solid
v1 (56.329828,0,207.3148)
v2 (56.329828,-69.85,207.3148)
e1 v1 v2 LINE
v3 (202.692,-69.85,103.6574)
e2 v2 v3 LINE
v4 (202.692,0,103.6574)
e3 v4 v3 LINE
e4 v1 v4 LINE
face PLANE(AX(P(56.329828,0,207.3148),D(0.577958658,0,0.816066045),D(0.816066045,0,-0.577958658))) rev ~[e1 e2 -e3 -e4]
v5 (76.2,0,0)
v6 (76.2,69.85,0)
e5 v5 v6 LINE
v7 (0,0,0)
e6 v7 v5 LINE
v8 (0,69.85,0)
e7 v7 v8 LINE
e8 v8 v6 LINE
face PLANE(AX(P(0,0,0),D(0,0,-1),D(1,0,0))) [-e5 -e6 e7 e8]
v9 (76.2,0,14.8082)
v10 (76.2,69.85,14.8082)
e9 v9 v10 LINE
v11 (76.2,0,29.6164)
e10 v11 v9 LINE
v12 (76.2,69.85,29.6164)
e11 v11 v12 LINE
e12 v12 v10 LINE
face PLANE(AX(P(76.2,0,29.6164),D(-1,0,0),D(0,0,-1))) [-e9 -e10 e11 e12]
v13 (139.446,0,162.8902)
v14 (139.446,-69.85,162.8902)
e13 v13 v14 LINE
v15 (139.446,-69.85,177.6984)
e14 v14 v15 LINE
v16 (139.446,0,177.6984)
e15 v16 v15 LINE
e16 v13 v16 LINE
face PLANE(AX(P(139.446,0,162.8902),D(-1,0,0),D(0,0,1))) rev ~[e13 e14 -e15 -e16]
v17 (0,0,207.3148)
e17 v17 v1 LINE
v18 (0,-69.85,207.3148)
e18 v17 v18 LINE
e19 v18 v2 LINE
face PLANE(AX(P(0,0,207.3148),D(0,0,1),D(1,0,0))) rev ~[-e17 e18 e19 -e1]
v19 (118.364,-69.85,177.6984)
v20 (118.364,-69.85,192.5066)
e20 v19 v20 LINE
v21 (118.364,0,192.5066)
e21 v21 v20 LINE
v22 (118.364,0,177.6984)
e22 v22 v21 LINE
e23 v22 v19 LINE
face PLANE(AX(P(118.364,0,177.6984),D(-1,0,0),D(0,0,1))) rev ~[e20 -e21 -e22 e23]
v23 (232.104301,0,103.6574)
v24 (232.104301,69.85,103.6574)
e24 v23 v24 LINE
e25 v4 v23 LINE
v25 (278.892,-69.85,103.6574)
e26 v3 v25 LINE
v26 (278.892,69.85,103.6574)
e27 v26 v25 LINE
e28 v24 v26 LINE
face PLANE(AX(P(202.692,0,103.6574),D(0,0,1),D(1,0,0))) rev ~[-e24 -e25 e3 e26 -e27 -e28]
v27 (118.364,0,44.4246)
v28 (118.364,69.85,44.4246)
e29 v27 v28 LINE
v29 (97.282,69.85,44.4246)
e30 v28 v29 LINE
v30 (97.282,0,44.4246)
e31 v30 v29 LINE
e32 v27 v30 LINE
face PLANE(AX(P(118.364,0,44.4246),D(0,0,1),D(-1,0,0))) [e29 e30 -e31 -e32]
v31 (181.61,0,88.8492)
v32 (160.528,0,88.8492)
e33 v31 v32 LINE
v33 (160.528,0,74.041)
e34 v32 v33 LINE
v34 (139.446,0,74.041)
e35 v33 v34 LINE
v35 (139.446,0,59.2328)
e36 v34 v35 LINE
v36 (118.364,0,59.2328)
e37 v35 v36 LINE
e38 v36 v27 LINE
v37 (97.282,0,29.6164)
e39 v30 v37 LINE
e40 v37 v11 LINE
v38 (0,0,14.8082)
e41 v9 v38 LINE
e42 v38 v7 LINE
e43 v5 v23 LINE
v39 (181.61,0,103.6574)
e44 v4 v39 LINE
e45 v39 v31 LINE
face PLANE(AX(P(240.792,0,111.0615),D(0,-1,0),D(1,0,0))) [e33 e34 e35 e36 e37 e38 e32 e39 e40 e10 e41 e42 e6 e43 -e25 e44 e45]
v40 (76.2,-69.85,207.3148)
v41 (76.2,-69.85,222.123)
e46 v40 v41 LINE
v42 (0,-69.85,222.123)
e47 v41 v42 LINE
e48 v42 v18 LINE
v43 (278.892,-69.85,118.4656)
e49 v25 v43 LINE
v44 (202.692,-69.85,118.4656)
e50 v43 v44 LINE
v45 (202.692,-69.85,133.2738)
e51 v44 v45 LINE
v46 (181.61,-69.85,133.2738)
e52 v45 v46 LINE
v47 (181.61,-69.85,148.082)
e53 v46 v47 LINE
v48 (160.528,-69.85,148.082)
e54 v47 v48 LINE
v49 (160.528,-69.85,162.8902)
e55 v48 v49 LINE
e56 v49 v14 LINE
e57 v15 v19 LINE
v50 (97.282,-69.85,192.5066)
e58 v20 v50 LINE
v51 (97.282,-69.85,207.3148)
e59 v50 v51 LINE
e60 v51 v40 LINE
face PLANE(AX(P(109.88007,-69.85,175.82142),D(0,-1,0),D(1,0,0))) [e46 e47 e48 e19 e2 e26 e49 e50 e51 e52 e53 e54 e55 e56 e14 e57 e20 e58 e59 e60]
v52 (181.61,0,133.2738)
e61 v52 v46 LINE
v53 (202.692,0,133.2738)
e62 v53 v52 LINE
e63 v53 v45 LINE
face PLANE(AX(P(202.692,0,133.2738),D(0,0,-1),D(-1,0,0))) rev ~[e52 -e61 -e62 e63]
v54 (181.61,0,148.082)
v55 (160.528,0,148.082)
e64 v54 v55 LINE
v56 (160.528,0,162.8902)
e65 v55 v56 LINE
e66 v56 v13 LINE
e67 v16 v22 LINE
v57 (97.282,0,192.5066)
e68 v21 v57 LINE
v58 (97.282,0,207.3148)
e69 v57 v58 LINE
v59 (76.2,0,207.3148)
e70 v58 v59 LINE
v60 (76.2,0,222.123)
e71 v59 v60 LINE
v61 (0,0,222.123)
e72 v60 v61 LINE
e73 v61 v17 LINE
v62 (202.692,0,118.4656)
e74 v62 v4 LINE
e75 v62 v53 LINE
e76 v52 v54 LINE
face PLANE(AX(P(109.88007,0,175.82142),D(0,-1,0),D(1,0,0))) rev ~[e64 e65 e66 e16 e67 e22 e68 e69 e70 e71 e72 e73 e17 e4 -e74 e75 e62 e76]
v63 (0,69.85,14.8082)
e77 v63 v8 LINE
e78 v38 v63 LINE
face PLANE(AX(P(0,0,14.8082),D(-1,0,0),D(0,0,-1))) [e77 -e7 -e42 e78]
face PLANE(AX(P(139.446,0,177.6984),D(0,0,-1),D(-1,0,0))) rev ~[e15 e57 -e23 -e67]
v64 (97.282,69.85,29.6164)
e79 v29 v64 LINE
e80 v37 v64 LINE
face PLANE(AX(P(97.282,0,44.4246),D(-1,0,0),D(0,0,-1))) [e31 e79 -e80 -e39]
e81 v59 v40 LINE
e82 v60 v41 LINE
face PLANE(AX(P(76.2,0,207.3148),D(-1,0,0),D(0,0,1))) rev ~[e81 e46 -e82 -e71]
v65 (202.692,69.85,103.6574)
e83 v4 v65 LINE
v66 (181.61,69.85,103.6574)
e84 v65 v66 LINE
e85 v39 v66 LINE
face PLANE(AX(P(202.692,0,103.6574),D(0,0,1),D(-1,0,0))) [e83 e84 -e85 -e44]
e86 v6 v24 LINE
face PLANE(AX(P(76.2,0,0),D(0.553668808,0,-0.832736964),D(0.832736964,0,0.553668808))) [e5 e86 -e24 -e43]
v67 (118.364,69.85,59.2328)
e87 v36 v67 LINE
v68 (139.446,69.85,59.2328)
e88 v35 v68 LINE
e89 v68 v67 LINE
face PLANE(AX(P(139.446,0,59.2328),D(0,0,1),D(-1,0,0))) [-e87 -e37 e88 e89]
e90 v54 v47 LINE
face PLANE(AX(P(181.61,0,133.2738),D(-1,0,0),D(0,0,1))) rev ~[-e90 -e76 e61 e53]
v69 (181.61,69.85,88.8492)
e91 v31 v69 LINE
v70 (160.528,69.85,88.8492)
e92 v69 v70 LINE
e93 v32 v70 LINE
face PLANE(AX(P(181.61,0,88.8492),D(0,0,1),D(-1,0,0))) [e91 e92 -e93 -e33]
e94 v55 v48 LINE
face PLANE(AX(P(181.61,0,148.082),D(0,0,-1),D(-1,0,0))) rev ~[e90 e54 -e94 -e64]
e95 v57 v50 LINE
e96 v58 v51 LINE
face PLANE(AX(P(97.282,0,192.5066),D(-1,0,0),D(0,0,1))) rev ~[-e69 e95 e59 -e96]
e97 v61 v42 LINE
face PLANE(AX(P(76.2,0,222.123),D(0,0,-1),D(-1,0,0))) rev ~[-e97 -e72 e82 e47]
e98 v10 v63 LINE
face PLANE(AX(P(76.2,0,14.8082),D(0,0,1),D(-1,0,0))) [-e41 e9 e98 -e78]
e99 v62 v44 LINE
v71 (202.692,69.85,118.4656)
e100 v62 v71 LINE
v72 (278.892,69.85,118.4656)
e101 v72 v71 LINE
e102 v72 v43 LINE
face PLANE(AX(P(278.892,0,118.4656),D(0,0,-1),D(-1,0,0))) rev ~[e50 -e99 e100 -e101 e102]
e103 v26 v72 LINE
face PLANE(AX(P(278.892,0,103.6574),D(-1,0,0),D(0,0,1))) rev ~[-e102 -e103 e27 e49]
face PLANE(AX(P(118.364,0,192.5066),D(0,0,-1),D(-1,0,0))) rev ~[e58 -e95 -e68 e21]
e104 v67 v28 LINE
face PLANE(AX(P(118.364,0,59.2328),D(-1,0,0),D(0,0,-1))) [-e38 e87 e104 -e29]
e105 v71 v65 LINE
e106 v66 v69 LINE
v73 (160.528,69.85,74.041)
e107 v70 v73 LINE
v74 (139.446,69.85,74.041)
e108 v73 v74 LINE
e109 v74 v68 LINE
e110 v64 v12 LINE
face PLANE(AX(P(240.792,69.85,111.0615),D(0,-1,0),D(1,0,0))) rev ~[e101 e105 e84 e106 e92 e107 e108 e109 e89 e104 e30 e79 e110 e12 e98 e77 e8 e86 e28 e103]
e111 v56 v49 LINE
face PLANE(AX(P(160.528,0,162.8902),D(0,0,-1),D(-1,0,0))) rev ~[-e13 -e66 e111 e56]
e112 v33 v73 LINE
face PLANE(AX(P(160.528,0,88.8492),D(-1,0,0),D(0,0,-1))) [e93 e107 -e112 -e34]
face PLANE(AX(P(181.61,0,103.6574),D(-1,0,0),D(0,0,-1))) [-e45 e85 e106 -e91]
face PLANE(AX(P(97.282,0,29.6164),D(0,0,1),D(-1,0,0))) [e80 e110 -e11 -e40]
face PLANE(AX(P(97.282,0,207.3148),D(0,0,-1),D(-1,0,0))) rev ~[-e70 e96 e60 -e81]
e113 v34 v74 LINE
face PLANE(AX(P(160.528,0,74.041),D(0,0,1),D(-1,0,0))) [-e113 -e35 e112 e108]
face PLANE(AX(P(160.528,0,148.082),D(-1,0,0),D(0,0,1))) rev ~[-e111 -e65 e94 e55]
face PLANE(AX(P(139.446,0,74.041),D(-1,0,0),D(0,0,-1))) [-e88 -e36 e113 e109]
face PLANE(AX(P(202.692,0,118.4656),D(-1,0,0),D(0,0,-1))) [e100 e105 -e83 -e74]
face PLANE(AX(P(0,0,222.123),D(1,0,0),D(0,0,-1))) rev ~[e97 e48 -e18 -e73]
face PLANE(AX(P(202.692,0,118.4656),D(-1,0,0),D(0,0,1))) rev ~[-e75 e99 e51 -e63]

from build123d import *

# Parameters (mm, degrees)
F1_DEPTH = 69.85
F2_DEPTH = 69.85


with BuildPart() as f1:
    # F0 (on Front) → F1 (new body)
    with BuildSketch(Plane.XZ):
        Polygon((202.692, 103.6574), (232.104301, 103.6574), (278.892, 103.6574), (278.892, 118.4656), (202.692, 118.4656), align=None)
        Polygon((0, 14.8082), (0, 0), (76.2, 0), (232.104301, 103.6574), (202.692, 103.6574), (181.61, 103.6574), (181.61, 88.8492), (160.528, 88.8492), (160.528, 74.041), (139.446, 74.041), (139.446, 59.2328), (118.364, 59.2328), (118.364, 44.4246), (97.282, 44.4246), (97.282, 29.6164), (76.2, 29.6164), (76.2, 14.8082), align=None)
    extrude(amount=-F1_DEPTH)

    # F0 (on Front) → F2 (join)
    with BuildSketch(Plane.XZ):
        Polygon((56.329828, 207.3148), (202.692, 103.6574), (202.692, 118.4656), (202.692, 133.2738), (181.61, 133.2738), (181.61, 148.082), (160.528, 148.082), (160.528, 162.8902), (139.446, 162.8902), (139.446, 177.6984), (118.364, 177.6984), (118.364, 192.5066), (97.282, 192.5066), (97.282, 207.3148), (76.2, 207.3148), (76.2, 222.123), (0, 222.123), (0, 207.3148), align=None)
        Polygon((202.692, 103.6574), (232.104301, 103.6574), (278.892, 103.6574), (278.892, 118.4656), (202.692, 118.4656), align=None)
    extrude(amount=F2_DEPTH)


solid = f1.part
